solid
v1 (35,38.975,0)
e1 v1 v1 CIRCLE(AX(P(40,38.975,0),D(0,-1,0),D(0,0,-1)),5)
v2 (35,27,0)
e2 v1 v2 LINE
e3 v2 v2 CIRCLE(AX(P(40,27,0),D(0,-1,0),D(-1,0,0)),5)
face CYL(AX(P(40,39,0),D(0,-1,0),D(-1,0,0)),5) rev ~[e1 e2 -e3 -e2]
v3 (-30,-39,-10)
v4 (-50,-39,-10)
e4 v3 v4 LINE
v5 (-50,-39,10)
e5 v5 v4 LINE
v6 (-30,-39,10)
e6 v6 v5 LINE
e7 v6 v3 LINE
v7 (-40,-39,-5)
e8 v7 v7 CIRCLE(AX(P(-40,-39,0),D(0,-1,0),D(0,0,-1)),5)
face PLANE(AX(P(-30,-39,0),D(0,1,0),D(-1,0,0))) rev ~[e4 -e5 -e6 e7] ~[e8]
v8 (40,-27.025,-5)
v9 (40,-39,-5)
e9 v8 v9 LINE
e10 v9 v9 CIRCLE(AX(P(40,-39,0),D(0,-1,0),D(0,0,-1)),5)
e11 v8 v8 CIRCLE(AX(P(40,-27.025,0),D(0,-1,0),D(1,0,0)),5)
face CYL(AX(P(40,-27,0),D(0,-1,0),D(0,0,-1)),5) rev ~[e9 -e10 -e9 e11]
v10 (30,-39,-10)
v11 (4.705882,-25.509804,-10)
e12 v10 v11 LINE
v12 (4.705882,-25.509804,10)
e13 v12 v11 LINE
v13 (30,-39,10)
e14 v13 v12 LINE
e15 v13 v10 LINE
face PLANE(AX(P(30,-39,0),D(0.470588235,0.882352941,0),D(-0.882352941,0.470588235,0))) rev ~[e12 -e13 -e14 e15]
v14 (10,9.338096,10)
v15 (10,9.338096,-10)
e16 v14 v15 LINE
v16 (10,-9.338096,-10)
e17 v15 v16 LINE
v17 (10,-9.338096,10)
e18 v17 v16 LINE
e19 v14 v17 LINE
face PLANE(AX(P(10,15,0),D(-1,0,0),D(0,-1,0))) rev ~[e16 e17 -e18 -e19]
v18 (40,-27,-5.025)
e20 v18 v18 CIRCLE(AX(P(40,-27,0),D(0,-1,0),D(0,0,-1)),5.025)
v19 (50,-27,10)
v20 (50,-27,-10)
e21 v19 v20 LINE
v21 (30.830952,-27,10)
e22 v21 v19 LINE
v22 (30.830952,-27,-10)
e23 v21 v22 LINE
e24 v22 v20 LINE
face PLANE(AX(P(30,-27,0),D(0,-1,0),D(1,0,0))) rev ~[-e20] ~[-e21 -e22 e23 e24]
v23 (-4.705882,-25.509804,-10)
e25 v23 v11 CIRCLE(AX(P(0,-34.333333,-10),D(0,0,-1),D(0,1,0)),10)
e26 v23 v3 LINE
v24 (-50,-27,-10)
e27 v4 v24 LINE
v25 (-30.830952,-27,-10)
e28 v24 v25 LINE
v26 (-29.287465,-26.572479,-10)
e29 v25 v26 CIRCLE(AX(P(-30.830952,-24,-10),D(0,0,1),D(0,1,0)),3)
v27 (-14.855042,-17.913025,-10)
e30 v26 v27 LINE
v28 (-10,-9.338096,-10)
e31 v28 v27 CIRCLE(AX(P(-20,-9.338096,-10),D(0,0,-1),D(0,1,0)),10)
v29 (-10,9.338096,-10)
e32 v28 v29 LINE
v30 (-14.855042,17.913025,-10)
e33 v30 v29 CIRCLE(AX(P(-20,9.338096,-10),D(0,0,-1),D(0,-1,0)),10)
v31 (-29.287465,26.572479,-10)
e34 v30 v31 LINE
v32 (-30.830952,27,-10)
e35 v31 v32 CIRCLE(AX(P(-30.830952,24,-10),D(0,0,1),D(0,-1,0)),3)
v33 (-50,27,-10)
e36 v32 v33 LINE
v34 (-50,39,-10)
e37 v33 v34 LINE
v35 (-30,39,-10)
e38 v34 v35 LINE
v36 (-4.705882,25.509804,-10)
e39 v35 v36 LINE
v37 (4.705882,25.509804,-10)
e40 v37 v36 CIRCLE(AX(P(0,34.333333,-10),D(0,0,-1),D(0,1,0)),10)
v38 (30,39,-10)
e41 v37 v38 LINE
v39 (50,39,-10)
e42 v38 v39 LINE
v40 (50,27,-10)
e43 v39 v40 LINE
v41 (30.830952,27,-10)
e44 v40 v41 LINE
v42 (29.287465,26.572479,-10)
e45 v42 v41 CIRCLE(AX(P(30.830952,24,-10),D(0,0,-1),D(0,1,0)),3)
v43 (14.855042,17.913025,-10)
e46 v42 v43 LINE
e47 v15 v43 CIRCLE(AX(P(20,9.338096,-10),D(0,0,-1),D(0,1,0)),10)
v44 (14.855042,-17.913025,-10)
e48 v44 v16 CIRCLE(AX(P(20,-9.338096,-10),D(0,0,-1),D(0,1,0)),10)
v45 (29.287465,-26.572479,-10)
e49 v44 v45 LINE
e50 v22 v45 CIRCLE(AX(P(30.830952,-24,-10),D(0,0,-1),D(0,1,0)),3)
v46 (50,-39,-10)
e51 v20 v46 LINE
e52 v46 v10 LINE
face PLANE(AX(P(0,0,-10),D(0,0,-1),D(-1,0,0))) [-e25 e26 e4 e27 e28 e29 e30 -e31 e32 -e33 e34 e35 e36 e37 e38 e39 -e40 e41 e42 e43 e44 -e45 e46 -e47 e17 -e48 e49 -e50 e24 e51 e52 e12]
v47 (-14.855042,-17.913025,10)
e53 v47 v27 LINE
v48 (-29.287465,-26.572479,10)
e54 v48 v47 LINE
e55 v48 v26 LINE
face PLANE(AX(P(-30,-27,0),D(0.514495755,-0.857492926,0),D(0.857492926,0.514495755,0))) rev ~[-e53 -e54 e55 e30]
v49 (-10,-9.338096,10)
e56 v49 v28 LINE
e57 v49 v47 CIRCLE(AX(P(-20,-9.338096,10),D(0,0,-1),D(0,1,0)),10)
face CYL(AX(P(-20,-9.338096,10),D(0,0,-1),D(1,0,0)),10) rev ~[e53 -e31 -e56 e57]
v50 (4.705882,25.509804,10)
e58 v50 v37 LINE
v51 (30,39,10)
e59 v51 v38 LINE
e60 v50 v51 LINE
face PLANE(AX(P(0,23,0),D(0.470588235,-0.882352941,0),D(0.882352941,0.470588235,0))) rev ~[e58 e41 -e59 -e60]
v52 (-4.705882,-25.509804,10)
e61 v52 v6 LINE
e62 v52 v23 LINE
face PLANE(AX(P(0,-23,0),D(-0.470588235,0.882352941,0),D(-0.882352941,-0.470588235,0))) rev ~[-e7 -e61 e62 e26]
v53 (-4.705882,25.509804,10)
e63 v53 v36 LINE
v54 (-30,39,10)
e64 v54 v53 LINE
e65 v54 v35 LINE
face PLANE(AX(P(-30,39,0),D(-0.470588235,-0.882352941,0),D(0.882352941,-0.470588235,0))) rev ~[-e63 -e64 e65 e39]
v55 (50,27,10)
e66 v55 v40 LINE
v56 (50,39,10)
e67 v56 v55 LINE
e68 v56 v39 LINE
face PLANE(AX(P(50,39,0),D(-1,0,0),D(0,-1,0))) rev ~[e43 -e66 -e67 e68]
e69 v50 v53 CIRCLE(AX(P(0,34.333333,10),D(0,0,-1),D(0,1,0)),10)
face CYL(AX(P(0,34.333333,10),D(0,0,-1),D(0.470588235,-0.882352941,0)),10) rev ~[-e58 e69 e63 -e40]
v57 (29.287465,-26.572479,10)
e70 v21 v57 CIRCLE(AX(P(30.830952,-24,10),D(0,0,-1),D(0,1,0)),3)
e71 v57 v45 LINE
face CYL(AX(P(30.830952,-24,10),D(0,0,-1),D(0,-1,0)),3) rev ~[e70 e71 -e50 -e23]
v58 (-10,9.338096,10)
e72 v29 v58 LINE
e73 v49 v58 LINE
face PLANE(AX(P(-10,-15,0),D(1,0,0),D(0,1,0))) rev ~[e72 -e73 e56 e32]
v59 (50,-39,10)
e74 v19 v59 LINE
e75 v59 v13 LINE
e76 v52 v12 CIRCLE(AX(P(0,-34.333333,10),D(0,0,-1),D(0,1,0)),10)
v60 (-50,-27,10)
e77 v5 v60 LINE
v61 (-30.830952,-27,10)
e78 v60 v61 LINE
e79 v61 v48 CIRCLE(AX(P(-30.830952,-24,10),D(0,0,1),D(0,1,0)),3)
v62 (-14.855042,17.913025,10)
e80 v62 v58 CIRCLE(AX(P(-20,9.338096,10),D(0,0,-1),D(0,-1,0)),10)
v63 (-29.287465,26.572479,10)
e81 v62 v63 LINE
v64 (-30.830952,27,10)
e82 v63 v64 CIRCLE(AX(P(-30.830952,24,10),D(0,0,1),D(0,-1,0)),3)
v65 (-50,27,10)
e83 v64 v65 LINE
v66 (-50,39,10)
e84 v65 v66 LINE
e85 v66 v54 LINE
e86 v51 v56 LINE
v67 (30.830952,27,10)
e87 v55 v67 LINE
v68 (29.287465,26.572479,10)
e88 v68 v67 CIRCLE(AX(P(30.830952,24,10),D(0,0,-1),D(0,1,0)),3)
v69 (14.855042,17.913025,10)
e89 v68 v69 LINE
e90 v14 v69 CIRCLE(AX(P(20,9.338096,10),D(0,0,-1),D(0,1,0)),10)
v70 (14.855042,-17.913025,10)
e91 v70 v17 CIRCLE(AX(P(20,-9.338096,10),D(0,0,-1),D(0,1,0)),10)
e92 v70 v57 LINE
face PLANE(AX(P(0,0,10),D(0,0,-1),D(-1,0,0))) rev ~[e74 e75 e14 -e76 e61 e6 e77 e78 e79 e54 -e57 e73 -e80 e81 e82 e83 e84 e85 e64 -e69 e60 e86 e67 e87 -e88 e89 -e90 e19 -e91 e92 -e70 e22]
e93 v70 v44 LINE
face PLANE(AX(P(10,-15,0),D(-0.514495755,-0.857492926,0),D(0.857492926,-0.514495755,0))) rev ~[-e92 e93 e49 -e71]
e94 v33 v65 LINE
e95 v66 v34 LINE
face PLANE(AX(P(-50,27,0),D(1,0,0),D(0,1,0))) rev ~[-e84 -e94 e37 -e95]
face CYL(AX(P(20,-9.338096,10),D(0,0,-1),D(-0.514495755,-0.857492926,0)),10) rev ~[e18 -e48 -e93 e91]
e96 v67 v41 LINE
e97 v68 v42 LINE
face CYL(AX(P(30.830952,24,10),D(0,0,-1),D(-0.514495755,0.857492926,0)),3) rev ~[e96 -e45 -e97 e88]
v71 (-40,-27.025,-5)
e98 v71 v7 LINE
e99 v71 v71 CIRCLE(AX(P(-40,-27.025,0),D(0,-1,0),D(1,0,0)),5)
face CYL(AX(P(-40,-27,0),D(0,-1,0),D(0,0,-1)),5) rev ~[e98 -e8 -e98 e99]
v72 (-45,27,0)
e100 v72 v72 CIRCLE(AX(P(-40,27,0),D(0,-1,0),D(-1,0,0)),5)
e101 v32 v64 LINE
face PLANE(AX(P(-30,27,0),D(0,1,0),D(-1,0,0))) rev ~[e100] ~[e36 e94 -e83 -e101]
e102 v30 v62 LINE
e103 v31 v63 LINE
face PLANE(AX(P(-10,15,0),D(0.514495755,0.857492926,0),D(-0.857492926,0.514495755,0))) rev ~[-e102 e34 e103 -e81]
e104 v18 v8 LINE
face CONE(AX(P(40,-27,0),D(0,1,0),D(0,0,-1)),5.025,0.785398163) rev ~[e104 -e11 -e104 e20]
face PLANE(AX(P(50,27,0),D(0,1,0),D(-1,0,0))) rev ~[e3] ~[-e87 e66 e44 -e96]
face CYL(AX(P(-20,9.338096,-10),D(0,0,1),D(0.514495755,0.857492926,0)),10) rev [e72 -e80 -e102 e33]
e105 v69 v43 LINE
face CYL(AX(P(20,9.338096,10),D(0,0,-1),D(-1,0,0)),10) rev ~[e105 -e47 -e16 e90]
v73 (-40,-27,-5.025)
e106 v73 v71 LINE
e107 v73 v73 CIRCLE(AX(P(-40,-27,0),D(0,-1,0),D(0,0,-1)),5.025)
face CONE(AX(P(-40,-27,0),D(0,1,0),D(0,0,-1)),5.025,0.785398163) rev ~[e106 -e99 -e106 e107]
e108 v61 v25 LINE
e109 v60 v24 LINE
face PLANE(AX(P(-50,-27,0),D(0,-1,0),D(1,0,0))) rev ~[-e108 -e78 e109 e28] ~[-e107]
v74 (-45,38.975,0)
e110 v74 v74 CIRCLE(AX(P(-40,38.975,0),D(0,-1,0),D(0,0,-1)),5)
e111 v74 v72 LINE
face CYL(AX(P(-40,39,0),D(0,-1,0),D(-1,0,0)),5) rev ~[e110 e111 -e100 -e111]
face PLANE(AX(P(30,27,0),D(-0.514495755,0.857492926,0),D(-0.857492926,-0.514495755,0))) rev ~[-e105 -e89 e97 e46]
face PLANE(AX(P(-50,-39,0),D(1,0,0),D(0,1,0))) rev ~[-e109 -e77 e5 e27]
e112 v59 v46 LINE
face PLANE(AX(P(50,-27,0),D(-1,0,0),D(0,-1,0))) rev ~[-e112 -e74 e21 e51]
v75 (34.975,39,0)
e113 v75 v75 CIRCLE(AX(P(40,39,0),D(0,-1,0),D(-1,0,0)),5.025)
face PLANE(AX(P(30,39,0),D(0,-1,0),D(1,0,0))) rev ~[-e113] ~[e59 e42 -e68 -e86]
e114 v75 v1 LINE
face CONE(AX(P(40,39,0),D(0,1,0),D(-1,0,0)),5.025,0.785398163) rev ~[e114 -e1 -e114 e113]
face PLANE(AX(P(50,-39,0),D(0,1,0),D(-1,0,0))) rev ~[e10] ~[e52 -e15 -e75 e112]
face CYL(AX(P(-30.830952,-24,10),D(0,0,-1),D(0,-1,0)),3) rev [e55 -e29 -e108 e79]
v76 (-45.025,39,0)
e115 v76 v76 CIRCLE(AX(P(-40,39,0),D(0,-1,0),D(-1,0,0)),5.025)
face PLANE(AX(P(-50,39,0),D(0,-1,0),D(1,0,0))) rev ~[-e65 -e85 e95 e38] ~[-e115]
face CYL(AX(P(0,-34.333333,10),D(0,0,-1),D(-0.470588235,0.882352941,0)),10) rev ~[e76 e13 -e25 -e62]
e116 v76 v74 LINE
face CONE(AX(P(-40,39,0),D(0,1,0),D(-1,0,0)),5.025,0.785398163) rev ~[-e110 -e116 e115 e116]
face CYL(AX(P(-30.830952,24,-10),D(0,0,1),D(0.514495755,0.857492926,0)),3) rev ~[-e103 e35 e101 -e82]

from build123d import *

# Parameters (mm, degrees)
BOSS_EXTRUDE1_DEPTH                        = 10
FILLET1_R                                  = 10
F_10_0MM_DOWEL_HOLE1_D                     = 10
F_10_0MM_DOWEL_HOLE1_DEPTH                 = 24.5
F_10_0MM_DOWEL_HOLE1_CSINK_D               = 10.05
F_10_0MM_DOWEL_HOLE1_CSINK_ANGLE           = 90
F_10_0MM_DOWEL_HOLE1_TIP                   = 3.004303095
F_10_0MM_DOWEL_HOLE1_ON_FACE_2_D           = 10
F_10_0MM_DOWEL_HOLE1_ON_FACE_2_DEPTH       = 24.5
F_10_0MM_DOWEL_HOLE1_ON_FACE_2_CSINK_D     = 10.05
F_10_0MM_DOWEL_HOLE1_ON_FACE_2_CSINK_ANGLE = 90
F_10_0MM_DOWEL_HOLE1_ON_FACE_2_TIP         = 3.004303095
FILLET2_R                                  = 3


with BuildPart() as part:
    # Sketch1 → Boss-Extrude1 (new, symmetric)
    with BuildSketch(Plane.XY):
        Polygon((-50, 27), (-50, 39), (-30, 39), (0, 23), (30, 39), (50, 39), (50, 27), (30, 27), (10, 15), (10, -15), (30, -27), (50, -27), (50, -39), (30, -39), (0, -23), (-30, -39), (-50, -39), (-50, -27), (-30, -27), (-10, -15), (-10, 15), (-30, 27), align=None)
    extrude(amount=BOSS_EXTRUDE1_DEPTH, both=True)

    # Fillet1
    fillet1_edges = [part.edges().sort_by_distance(p)[0] for p in [
        (-10, 15, 0),
        (0, 23, 0),
        (10, 15, 0),
        (10, -15, 0),
        (0, -23, 0),
        (-10, -15, 0),
    ]]
    fillet(fillet1_edges, radius=FILLET1_R)

    # Ø10.0mm Dowel Hole1
    with Locations(Plane(origin=(-40, 39, 0), x_dir=(1, 0, 0), z_dir=(0, 1, 0))):
        with Locations((0, 0), (80, 0)):
            CounterSinkHole(F_10_0MM_DOWEL_HOLE1_D / 2, F_10_0MM_DOWEL_HOLE1_CSINK_D / 2, depth=F_10_0MM_DOWEL_HOLE1_DEPTH, counter_sink_angle=F_10_0MM_DOWEL_HOLE1_CSINK_ANGLE)
            with Locations((0, 0, -(F_10_0MM_DOWEL_HOLE1_DEPTH + F_10_0MM_DOWEL_HOLE1_TIP / 2))):  # 118° drill point
                Cone(0, F_10_0MM_DOWEL_HOLE1_D / 2, F_10_0MM_DOWEL_HOLE1_TIP, mode=Mode.SUBTRACT)

    # Ø10.0mm Dowel Hole1 on face 2
    with Locations(Plane(origin=(-40, -27, 0), x_dir=(0, 0, 1), z_dir=(0, 1, 0))):
        with Locations((0, 0), (0, 80)):
            CounterSinkHole(F_10_0MM_DOWEL_HOLE1_ON_FACE_2_D / 2, F_10_0MM_DOWEL_HOLE1_ON_FACE_2_CSINK_D / 2, depth=F_10_0MM_DOWEL_HOLE1_ON_FACE_2_DEPTH, counter_sink_angle=F_10_0MM_DOWEL_HOLE1_ON_FACE_2_CSINK_ANGLE)
            with Locations((0, 0, -(F_10_0MM_DOWEL_HOLE1_ON_FACE_2_DEPTH + F_10_0MM_DOWEL_HOLE1_ON_FACE_2_TIP / 2))):  # 118° drill point
                Cone(0, F_10_0MM_DOWEL_HOLE1_ON_FACE_2_D / 2, F_10_0MM_DOWEL_HOLE1_ON_FACE_2_TIP, mode=Mode.SUBTRACT)

    # Fillet2
    fillet2_edges = [part.edges().sort_by_distance(p)[0] for p in [
        (-30, 27, 0),
        (30, 27, 0),
        (30, -27, 0),
        (-30, -27, 0),
    ]]
    fillet(fillet2_edges, radius=FILLET2_R)


solid = part.part
